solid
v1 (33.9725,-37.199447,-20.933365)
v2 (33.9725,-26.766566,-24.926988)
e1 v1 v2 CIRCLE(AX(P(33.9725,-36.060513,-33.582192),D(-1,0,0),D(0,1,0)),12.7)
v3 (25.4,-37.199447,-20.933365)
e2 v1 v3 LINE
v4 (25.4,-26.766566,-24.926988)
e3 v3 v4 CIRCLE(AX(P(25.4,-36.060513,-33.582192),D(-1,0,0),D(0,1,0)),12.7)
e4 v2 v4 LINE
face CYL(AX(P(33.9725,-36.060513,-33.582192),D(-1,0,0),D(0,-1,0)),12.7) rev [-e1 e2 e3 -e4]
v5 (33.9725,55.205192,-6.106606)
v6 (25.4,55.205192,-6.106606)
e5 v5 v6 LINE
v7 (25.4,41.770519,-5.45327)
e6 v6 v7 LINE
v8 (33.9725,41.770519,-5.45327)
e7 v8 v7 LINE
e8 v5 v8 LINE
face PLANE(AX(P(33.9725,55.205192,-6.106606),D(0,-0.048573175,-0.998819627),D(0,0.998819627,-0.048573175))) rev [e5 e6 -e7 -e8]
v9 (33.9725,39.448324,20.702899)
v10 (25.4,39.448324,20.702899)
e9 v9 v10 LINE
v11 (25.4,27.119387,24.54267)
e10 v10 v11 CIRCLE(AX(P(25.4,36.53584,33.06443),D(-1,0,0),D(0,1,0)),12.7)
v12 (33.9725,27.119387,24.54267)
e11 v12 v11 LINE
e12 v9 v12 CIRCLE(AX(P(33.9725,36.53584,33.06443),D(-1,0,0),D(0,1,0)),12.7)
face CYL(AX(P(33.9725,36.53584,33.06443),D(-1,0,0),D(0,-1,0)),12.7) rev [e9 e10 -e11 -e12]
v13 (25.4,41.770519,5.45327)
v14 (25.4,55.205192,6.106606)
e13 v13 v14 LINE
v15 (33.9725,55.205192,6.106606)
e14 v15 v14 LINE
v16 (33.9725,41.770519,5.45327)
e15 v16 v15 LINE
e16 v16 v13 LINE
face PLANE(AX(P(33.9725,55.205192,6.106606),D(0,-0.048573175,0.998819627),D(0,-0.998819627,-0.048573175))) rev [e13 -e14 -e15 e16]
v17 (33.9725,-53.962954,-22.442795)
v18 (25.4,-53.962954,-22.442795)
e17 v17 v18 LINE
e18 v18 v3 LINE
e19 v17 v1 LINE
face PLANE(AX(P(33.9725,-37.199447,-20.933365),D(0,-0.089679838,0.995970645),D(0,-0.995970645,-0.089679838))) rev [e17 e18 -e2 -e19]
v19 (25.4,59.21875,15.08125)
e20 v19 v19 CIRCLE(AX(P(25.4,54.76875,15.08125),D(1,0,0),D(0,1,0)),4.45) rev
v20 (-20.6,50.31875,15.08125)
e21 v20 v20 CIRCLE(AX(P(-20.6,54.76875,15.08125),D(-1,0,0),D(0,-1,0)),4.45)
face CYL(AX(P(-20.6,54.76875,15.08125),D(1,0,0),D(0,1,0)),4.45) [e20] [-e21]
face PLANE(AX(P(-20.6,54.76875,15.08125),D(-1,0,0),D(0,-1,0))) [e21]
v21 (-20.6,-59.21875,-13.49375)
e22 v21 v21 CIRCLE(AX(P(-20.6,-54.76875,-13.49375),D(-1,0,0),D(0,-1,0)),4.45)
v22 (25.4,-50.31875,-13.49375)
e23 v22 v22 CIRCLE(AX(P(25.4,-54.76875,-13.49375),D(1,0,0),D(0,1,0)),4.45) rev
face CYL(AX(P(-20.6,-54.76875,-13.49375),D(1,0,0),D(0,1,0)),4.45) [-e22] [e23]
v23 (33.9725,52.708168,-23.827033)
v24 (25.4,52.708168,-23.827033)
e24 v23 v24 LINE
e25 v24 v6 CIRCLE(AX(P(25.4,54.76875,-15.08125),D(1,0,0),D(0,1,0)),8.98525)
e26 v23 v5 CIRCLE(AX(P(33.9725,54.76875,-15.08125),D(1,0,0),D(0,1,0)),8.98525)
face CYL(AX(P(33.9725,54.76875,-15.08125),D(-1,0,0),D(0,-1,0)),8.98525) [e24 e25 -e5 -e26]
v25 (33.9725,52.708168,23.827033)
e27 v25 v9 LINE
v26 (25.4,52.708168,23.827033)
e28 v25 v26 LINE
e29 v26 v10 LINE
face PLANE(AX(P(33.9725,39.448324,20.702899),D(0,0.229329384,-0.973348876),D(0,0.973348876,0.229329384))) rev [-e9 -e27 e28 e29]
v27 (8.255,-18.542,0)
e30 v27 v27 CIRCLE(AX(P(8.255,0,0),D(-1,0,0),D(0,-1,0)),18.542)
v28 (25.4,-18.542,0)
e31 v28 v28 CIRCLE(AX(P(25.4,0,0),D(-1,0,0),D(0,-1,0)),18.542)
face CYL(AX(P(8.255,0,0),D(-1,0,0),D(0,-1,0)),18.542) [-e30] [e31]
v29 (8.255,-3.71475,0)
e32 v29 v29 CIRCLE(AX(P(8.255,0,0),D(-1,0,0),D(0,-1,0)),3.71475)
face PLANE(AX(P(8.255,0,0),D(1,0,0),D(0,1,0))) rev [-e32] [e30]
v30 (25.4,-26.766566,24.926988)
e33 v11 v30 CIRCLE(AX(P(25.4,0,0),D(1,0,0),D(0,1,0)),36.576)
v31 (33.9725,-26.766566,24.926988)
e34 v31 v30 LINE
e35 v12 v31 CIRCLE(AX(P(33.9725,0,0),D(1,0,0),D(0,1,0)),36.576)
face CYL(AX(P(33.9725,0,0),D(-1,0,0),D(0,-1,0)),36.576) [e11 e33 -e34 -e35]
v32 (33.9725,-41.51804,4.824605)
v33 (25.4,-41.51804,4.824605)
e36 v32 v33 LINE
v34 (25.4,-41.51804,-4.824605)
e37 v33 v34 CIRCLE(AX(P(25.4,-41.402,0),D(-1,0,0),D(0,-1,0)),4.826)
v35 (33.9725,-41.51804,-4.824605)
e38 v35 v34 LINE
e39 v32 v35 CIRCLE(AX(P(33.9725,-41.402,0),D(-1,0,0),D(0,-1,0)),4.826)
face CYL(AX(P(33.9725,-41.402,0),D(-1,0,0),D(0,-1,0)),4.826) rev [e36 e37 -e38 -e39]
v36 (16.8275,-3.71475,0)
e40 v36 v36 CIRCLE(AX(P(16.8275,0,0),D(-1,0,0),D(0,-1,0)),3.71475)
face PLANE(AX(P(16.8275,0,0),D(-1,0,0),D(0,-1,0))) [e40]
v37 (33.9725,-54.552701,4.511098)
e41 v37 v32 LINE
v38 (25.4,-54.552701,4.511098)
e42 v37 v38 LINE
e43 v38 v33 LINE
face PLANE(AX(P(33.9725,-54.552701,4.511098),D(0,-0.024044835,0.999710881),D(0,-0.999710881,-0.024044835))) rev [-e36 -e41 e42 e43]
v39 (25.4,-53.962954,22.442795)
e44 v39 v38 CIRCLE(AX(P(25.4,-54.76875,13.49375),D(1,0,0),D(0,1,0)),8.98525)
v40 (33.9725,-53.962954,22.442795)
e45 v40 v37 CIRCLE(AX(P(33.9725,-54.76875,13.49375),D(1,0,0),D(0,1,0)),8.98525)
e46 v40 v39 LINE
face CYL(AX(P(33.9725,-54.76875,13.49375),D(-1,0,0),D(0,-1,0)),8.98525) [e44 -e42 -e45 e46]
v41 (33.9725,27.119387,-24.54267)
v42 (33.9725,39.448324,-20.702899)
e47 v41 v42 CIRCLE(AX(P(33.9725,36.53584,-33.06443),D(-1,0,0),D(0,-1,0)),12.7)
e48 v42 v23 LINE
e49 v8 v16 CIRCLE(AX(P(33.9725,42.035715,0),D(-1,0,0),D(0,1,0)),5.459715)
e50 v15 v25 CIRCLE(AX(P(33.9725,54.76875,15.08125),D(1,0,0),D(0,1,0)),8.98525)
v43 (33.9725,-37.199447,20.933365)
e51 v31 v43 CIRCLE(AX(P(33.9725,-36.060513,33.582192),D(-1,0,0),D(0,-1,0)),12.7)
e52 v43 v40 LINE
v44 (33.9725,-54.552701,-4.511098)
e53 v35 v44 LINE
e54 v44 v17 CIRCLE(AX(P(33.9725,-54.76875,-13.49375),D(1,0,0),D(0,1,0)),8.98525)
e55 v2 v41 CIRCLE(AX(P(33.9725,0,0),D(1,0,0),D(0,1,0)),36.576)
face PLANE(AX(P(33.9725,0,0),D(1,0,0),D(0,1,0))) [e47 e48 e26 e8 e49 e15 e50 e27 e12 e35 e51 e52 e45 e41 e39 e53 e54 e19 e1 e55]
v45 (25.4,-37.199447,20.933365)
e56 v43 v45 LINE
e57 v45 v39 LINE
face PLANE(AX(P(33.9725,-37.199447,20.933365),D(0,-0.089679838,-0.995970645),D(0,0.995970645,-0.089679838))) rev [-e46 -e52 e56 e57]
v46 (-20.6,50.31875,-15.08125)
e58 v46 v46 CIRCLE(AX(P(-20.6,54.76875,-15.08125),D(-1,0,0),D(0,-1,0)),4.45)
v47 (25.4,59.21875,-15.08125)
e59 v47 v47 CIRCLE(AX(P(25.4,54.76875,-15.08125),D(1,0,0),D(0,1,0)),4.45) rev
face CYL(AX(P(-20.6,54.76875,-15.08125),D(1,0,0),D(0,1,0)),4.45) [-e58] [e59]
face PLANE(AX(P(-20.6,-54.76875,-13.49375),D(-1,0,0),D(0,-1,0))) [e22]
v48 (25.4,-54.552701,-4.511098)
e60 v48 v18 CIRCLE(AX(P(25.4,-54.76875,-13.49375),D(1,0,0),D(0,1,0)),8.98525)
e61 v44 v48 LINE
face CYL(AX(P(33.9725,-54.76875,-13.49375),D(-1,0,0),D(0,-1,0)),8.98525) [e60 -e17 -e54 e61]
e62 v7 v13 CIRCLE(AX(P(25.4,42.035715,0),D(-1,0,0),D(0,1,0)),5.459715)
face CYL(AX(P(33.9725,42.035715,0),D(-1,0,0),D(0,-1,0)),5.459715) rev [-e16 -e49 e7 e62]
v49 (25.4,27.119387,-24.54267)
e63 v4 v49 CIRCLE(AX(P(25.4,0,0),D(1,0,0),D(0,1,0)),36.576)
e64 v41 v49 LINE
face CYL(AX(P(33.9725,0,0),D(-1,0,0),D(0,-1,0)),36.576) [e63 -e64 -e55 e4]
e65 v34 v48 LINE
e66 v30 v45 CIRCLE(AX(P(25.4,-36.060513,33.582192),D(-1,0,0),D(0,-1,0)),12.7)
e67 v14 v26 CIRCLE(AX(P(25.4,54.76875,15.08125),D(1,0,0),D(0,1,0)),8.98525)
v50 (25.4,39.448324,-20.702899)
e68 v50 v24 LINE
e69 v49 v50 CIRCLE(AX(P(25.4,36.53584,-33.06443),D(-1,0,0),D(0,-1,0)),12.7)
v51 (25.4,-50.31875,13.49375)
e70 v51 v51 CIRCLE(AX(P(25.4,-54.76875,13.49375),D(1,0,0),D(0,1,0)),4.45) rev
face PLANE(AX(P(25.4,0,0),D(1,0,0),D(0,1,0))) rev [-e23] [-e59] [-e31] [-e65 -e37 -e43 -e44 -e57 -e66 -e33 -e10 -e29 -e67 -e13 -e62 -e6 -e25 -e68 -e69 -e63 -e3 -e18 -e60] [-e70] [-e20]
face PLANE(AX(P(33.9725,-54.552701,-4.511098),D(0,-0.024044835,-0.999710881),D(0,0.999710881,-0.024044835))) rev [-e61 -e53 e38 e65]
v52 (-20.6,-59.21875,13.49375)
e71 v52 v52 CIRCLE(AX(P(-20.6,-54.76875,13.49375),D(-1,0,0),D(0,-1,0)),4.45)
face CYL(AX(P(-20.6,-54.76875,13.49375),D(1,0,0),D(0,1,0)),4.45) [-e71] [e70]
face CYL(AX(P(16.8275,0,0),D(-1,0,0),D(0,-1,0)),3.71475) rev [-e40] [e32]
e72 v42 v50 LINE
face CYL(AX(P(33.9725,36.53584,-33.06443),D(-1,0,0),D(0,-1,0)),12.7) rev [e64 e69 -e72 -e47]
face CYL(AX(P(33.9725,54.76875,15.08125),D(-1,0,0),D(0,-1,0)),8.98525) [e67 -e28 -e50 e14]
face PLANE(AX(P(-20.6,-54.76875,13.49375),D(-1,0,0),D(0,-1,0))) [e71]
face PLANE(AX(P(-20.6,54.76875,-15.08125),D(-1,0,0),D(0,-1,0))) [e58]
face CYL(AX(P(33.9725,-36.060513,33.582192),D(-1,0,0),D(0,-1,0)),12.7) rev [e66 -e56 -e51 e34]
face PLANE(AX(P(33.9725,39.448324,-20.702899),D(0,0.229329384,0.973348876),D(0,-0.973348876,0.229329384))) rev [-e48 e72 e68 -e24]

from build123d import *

# Parameters (mm, degrees)
SKETCH1_W           = 17.145
SKETCH1_H           = 18.542
SKETCH2_R           = 3.71475
CUT_EXTRUDE1_DEPTH  = 8.5725
BOSS_EXTRUDE1_DEPTH = 8.5725
SKETCH4_R           = 4.45
BOSS_EXTRUDE3_DEPTH = 46


with BuildPart() as part:
    # Sketch1 → Revolve1 (revolve)
    with BuildSketch(Plane.XY):
        with Locations((16.8275, 9.271)):
            Rectangle(SKETCH1_W, SKETCH1_H)
    revolve(axis=Axis((8.255, 0, 0), (1, 0, 0)))

    # Sketch2 → Cut-Extrude1 (cut)
    with BuildSketch(Plane.ZY.offset(-8.255)):
        Circle(SKETCH2_R)
    extrude(amount=-CUT_EXTRUDE1_DEPTH, mode=Mode.SUBTRACT)

    # Sketch3 → Boss-Extrude1 (add)
    with BuildSketch(Plane(origin=(25.4, 0, 0), x_dir=(0, 0, -1), z_dir=(1, 0, 0))):
        with BuildLine():
            Line((-20.702899344, 39.448323668), (-23.827032985, 52.708168154))
            ThreePointArc((-23.827032985, 52.708168154), (-16.334994998, 63.666100226), (-6.106605949, 55.205192121))
            Line((-6.106605949, 55.205192121), (-5.453270033, 41.770518865))
            ThreePointArc((-5.453270033, 41.770518865), (0, 36.576), (5.453270033, 41.770518865))
            Line((5.453270033, 41.770518865), (6.106605949, 55.205192121))
            ThreePointArc((6.106605949, 55.205192121), (16.334994998, 63.666100226), (23.827032985, 52.708168154))
            Line((23.827032985, 52.708168154), (20.702899344, 39.448323668))
            ThreePointArc((20.702899344, 39.448323668), (20.938893682, 32.759417922), (24.542669739, 27.119386757))
            ThreePointArc((24.542669739, 27.119386757), (36.575069792, 0.260855666), (24.926987696, -26.766566093))
            ThreePointArc((24.926987696, -26.766566093), (21.721471464, -31.520323876), (20.93336456, -37.199446597))
            Line((20.93336456, -37.199446597), (22.442795242, -53.962954235))
            ThreePointArc((22.442795242, -53.962954235), (13.789101844, -63.749144471), (4.511097805, -54.552701147))
            Line((4.511097805, -54.552701147), (4.824604712, -41.518040373))
            ThreePointArc((4.824604712, -41.518040373), (0, -36.576), (-4.824604712, -41.518040373))
            Line((-4.824604712, -41.518040373), (-4.511097805, -54.552701147))
            ThreePointArc((-4.511097805, -54.552701147), (-13.789101844, -63.749144471), (-22.442795242, -53.962954235))
            Line((-22.442795242, -53.962954235), (-20.93336456, -37.199446597))
            ThreePointArc((-20.93336456, -37.199446597), (-21.721471464, -31.520323876), (-24.926987696, -26.766566093))
            ThreePointArc((-24.926987696, -26.766566093), (-36.575069792, 0.260855666), (-24.542669739, 27.119386757))
            ThreePointArc((-24.542669739, 27.119386757), (-20.938893682, 32.759417922), (-20.702899344, 39.448323668))
        make_face()
    extrude(amount=BOSS_EXTRUDE1_DEPTH)

    # Sketch4 → Boss-Extrude3 (add)
    with BuildSketch(Plane.ZY.offset(-25.4)):
        with Locations((-15.08125, 54.76875)):
            Circle(SKETCH4_R)
        with Locations((15.08125, 54.76875)):
            Circle(SKETCH4_R)
        with Locations((-13.49375, -54.76875)):
            Circle(SKETCH4_R)
        with Locations((13.49375, -54.76875)):
            Circle(SKETCH4_R)
    extrude(amount=BOSS_EXTRUDE3_DEPTH)


solid = part.part
